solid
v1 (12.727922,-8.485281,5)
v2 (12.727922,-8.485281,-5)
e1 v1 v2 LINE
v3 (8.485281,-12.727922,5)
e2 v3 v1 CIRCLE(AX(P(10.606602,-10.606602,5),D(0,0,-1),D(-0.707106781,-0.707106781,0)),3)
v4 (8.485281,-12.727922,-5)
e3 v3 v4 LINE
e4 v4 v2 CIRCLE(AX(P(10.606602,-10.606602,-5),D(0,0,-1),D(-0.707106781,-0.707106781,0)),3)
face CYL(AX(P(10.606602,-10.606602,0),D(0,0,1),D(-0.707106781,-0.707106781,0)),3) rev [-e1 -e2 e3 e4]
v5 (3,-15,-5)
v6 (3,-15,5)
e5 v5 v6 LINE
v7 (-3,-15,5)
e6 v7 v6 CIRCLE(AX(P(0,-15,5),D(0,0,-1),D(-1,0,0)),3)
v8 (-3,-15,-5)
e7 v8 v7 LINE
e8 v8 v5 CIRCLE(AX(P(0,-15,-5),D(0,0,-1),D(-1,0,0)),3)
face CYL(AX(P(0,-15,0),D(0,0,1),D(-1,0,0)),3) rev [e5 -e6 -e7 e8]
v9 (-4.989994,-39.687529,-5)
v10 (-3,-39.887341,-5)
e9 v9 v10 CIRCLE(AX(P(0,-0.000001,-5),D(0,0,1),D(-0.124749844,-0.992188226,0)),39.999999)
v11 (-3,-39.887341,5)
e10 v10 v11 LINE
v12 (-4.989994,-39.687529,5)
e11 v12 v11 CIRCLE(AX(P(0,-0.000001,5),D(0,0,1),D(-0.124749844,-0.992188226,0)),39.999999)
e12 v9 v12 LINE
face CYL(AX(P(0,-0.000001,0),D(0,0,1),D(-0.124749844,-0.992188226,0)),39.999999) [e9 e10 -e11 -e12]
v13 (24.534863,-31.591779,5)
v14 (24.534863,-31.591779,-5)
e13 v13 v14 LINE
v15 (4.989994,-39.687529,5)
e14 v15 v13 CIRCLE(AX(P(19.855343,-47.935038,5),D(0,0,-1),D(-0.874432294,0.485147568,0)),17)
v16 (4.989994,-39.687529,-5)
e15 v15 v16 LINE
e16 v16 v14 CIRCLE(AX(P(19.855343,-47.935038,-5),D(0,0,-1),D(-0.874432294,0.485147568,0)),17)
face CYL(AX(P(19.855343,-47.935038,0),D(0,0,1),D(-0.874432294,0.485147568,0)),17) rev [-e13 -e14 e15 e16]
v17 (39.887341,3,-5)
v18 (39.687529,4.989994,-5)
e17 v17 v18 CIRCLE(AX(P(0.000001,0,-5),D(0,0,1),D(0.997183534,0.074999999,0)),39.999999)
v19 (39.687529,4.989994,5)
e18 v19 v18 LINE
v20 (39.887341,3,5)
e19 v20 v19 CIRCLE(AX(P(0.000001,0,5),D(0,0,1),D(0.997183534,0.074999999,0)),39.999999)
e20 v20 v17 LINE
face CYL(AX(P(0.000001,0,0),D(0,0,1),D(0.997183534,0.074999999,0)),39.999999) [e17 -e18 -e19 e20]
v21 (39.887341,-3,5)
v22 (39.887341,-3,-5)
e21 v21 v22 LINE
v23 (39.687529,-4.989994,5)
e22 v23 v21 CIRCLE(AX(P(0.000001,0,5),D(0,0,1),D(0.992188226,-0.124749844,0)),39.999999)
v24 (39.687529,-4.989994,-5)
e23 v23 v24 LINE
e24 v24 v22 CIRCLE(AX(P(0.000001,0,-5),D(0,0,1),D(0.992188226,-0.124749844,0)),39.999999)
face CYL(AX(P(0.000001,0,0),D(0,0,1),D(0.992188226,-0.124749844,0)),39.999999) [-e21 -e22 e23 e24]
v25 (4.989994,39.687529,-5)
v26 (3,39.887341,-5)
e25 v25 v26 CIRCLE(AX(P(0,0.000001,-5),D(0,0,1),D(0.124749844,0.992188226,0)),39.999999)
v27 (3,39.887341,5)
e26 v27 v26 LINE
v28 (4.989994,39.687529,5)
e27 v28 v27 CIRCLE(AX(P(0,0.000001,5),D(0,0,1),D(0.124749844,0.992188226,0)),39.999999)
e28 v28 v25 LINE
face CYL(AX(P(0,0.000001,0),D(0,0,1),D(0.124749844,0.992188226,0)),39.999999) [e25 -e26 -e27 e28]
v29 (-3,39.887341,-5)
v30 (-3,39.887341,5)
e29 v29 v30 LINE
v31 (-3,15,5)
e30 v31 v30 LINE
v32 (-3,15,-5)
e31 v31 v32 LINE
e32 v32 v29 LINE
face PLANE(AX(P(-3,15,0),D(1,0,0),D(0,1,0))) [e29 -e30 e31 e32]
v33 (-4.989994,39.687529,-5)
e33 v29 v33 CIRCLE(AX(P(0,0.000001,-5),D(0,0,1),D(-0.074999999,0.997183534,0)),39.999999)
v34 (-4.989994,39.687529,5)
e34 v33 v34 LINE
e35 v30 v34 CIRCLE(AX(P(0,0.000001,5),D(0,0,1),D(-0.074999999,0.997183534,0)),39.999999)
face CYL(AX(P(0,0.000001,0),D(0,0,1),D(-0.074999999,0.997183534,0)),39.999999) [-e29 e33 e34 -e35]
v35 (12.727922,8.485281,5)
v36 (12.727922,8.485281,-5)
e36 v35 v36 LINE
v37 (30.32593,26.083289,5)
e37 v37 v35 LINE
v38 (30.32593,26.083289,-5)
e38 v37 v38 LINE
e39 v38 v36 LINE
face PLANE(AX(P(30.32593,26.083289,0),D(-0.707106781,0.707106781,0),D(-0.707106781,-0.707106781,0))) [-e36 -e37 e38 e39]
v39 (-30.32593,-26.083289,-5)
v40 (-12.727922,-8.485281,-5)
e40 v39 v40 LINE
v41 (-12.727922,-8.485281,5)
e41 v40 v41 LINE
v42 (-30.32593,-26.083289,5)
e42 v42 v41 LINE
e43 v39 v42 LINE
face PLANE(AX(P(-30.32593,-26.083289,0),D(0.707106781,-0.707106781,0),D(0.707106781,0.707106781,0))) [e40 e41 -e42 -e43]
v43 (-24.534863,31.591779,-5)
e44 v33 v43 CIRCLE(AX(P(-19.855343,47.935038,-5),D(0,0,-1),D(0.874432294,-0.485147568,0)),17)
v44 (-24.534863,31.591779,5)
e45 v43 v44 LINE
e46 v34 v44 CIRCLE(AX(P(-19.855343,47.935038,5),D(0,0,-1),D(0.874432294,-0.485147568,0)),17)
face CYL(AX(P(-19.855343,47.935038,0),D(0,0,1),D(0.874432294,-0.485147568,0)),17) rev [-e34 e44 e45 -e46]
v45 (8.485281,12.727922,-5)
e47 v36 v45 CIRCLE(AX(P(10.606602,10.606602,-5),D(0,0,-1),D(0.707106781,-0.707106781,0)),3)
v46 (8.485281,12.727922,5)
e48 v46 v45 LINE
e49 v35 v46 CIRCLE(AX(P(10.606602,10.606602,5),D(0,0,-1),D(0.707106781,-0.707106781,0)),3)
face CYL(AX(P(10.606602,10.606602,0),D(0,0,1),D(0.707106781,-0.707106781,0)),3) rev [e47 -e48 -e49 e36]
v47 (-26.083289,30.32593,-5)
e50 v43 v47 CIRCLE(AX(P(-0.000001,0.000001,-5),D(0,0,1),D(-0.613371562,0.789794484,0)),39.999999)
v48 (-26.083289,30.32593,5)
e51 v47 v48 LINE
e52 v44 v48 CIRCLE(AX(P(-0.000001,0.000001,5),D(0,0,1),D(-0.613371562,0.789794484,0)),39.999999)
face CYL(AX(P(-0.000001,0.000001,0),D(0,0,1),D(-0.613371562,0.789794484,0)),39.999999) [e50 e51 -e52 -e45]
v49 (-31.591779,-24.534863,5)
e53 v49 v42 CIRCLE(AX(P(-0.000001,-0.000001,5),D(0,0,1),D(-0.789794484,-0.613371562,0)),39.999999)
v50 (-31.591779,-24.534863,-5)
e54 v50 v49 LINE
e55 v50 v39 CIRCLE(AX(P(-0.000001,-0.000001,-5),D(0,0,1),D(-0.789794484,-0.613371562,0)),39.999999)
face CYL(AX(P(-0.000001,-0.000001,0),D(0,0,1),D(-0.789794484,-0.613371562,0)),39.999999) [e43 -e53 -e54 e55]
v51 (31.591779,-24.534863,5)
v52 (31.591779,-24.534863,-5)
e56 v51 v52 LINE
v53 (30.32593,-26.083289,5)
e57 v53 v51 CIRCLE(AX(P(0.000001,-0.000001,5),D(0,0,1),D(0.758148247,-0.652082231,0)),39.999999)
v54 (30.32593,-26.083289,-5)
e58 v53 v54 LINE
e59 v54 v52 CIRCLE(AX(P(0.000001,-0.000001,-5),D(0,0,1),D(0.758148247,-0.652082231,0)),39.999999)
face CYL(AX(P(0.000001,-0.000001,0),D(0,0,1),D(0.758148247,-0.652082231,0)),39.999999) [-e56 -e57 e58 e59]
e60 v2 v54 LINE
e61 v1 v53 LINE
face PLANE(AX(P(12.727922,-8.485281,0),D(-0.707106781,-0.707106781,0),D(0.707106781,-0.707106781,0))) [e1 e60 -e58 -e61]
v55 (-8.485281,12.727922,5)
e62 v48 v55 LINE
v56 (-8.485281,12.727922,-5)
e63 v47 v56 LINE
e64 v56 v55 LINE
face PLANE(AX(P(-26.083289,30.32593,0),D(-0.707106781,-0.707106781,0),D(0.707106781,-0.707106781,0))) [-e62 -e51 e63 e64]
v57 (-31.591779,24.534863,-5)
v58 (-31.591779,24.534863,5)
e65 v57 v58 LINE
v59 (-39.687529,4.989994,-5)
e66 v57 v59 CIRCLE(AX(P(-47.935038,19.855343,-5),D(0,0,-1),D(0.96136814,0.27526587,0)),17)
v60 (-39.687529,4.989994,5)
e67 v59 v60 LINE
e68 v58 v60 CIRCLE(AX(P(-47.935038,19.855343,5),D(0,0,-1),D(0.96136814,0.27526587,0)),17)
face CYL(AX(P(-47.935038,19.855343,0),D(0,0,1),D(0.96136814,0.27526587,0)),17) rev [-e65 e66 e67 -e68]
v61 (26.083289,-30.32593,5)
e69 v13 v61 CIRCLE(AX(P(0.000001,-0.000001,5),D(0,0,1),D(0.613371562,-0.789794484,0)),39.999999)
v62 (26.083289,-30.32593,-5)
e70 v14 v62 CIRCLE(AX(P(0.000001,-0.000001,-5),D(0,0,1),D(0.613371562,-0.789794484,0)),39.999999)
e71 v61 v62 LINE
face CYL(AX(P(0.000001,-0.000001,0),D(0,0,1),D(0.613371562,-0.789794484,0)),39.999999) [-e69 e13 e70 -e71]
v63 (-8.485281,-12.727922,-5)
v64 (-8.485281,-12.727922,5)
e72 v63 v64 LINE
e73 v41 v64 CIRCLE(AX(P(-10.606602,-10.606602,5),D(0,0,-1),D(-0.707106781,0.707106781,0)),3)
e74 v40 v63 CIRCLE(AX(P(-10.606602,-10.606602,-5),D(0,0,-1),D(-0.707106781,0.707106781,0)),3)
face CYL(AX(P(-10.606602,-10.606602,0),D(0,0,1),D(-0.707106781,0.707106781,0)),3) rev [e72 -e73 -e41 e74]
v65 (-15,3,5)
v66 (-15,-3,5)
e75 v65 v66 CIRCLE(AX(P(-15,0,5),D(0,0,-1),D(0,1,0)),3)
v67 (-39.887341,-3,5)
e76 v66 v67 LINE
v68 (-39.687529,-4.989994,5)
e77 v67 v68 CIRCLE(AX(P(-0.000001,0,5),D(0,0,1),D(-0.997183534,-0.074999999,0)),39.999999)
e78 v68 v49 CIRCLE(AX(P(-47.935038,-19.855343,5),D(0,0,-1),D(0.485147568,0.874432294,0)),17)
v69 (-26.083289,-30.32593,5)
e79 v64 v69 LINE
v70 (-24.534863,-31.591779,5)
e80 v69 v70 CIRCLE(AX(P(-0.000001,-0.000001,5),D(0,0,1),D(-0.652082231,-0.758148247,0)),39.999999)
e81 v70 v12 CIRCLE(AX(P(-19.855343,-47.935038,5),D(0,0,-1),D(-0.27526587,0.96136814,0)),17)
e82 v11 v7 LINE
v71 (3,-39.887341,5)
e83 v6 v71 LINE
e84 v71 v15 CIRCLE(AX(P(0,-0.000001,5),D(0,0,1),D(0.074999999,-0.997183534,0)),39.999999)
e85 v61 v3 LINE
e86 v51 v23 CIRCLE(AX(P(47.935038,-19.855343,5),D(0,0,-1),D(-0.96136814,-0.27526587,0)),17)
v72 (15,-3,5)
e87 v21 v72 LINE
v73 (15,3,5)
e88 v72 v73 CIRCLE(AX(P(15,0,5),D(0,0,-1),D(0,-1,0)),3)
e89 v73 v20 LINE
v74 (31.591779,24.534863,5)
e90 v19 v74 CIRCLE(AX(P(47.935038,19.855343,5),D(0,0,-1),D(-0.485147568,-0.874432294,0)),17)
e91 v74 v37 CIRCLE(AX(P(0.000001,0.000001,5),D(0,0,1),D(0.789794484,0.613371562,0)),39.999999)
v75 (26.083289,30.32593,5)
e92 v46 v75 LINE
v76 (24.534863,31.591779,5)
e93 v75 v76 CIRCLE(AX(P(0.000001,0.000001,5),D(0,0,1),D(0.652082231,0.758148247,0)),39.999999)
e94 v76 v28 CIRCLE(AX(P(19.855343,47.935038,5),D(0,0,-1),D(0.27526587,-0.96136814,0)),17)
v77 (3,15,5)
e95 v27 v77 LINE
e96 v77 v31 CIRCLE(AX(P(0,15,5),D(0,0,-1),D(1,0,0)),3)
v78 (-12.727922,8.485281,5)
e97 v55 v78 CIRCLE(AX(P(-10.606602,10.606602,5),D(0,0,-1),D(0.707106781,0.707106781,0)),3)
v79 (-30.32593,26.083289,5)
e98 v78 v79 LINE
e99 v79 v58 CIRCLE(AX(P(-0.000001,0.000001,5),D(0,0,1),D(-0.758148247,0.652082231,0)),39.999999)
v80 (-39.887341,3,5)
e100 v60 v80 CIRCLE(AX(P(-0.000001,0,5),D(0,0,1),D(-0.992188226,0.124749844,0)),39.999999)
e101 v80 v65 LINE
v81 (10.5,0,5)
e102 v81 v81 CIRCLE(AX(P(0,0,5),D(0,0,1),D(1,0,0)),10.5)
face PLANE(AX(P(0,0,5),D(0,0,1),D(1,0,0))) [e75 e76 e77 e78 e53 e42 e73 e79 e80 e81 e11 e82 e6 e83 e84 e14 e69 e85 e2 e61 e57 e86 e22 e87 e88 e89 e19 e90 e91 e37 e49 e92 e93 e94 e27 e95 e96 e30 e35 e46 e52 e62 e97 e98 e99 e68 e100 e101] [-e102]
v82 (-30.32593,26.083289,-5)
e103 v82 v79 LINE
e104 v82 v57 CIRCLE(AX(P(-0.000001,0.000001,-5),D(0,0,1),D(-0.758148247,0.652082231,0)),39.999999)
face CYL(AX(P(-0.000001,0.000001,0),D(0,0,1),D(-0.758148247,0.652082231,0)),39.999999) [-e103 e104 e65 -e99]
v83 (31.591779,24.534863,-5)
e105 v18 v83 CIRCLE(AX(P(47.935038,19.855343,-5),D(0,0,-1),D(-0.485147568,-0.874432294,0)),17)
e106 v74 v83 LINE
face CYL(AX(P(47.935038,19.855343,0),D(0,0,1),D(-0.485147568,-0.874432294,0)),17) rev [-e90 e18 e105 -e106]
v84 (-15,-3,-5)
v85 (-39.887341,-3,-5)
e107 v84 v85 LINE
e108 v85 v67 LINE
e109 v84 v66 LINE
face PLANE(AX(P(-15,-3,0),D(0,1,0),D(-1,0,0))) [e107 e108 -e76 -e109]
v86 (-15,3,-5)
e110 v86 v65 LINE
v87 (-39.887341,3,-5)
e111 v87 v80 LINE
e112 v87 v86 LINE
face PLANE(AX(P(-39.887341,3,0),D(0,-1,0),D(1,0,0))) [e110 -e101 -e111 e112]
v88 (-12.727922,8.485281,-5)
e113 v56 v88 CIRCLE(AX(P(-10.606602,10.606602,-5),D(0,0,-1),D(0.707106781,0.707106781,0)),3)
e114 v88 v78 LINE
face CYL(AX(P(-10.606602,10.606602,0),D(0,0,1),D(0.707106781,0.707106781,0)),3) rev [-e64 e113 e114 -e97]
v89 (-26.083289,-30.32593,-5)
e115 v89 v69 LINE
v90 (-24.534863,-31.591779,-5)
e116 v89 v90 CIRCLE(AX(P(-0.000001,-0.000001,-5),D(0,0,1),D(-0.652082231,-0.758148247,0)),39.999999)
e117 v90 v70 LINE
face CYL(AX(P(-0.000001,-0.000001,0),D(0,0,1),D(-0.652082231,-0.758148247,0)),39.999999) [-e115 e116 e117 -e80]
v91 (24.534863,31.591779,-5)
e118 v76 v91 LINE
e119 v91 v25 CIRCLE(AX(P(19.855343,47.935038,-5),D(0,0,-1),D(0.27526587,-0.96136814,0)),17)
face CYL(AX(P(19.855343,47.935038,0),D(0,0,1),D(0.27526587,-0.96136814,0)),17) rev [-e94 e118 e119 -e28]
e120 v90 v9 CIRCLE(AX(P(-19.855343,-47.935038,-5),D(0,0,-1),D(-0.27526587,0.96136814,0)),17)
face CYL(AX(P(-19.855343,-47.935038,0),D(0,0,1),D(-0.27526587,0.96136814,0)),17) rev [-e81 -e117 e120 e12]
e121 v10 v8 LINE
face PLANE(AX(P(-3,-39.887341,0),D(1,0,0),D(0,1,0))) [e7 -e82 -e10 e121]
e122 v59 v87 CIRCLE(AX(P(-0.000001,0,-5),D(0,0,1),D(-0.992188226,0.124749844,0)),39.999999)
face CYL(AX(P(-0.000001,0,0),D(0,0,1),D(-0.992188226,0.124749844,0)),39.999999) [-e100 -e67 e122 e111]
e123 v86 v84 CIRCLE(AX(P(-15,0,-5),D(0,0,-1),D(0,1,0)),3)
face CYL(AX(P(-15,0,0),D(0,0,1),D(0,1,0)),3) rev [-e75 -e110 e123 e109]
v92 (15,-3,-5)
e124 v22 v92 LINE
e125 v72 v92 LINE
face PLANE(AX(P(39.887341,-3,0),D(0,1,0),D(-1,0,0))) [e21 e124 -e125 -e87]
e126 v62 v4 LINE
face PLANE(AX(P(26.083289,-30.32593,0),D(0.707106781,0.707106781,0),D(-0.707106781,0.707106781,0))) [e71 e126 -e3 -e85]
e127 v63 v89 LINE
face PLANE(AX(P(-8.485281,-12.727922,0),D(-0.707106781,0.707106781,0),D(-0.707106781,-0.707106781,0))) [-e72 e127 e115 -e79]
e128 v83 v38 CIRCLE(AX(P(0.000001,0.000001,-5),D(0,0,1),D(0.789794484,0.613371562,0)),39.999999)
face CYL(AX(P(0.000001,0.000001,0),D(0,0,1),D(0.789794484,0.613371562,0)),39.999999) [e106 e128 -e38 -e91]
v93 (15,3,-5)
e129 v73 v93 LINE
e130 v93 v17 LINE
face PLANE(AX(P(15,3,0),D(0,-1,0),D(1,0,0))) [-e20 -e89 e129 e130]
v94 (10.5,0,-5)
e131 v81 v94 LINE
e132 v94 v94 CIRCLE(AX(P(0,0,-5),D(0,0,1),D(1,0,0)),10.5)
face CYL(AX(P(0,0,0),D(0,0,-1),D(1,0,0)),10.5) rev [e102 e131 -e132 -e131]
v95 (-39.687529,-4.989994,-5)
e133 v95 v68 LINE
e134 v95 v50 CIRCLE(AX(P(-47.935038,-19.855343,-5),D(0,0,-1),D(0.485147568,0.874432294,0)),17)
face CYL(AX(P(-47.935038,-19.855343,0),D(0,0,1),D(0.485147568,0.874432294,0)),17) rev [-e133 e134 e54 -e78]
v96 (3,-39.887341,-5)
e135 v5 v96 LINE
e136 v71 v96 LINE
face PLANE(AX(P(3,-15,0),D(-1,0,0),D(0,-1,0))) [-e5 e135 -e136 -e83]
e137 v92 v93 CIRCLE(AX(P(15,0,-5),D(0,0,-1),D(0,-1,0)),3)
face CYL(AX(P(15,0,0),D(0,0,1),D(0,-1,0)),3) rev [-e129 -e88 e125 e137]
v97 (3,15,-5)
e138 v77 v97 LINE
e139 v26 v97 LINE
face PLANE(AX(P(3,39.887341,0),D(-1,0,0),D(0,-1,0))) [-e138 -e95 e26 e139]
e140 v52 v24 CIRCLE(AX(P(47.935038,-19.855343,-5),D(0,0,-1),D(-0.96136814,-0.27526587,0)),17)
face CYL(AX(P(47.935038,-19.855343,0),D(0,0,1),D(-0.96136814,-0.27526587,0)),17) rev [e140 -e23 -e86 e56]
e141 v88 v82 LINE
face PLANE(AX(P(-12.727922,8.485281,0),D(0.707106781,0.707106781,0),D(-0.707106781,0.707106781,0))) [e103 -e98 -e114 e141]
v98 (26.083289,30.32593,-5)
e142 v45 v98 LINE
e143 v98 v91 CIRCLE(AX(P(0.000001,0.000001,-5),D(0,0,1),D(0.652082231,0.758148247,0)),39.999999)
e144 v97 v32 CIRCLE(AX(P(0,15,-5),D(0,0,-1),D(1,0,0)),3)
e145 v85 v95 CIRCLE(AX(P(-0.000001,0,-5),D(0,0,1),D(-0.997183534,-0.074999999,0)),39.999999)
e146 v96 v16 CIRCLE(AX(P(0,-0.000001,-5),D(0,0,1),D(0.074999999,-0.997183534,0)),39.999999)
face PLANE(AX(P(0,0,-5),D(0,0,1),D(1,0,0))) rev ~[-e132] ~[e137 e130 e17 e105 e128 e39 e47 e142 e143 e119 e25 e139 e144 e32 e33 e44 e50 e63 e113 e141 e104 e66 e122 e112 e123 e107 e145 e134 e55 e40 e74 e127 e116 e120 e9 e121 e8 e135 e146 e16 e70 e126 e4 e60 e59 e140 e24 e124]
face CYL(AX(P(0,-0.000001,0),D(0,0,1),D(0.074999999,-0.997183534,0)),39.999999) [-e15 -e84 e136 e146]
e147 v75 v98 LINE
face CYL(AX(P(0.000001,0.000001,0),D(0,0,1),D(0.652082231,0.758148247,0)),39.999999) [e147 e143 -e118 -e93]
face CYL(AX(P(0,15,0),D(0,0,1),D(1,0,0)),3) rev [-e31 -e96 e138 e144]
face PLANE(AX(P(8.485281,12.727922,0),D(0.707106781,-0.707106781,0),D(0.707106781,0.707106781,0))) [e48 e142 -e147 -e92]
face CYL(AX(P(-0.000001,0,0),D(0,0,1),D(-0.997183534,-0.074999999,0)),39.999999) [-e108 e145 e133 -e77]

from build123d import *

# Parameters (mm, degrees)
SKETCH1_R           = 10.5
BOSS_EXTRUDE1_DEPTH = 5


with BuildPart() as part:
    # Sketch1 → Boss-Extrude1 (new, symmetric)
    with BuildSketch(Plane.XY):
        with BuildLine():
            Line((-3, 15), (-3, 39.88734135))
            ThreePointArc((-3, 39.88734135), (-3.996245887, 39.799874608), (-4.98999373, 39.687529056))
            ThreePointArc((-4.98999373, 39.687529056), (-13.349724383, 32.229085659), (-24.534862519, 31.591779329))
            ThreePointArc((-24.534862519, 31.591779329), (-25.31698866, 30.968533792), (-26.083289209, 30.325929896))
            Line((-26.083289209, 30.325929896), (-8.485281374, 12.727922061))
            ThreePointArc((-8.485281374, 12.727922061), (-8.485281374, 8.485281374), (-12.727922061, 8.485281374))
            Line((-12.727922061, 8.485281374), (-30.325929896, 26.083289209))
            ThreePointArc((-30.325929896, 26.083289209), (-30.968533792, 25.31698866), (-31.591779329, 24.534862519))
            ThreePointArc((-31.591779329, 24.534862519), (-32.229085659, 13.349724383), (-39.687529056, 4.98999373))
            ThreePointArc((-39.687529056, 4.98999373), (-39.799874608, 3.996245887), (-39.88734135, 3))
            Line((-39.88734135, 3), (-15, 3))
            ThreePointArc((-15, 3), (-12, 0), (-15, -3))
            Line((-15, -3), (-39.88734135, -3))
            ThreePointArc((-39.88734135, -3), (-39.799874608, -3.996245887), (-39.687529056, -4.98999373))
            ThreePointArc((-39.687529056, -4.98999373), (-32.229085659, -13.349724383), (-31.591779329, -24.534862519))
            ThreePointArc((-31.591779329, -24.534862519), (-30.968533792, -25.31698866), (-30.325929896, -26.083289209))
            Line((-30.325929896, -26.083289209), (-12.727922061, -8.485281374))
            ThreePointArc((-12.727922061, -8.485281374), (-8.485281374, -8.485281374), (-8.485281374, -12.727922061))
            Line((-8.485281374, -12.727922061), (-26.083289209, -30.325929896))
            ThreePointArc((-26.083289209, -30.325929896), (-25.31698866, -30.968533792), (-24.534862519, -31.591779329))
            ThreePointArc((-24.534862519, -31.591779329), (-13.349724383, -32.229085659), (-4.98999373, -39.687529056))
            ThreePointArc((-4.98999373, -39.687529056), (-3.996245887, -39.799874608), (-3, -39.88734135))
            Line((-3, -39.88734135), (-3, -15))
            ThreePointArc((-3, -15), (0, -12), (3, -15))
            Line((3, -15), (3, -39.88734135))
            ThreePointArc((3, -39.88734135), (3.996245887, -39.799874608), (4.98999373, -39.687529056))
            ThreePointArc((4.98999373, -39.687529056), (13.349724383, -32.229085659), (24.534862519, -31.591779329))
            ThreePointArc((24.534862519, -31.591779329), (25.31698866, -30.968533792), (26.083289209, -30.325929896))
            Line((26.083289209, -30.325929896), (8.485281374, -12.727922061))
            ThreePointArc((8.485281374, -12.727922061), (8.485281374, -8.485281374), (12.727922061, -8.485281374))
            Line((12.727922061, -8.485281374), (30.325929896, -26.083289209))
            ThreePointArc((30.325929896, -26.083289209), (30.968533792, -25.31698866), (31.591779329, -24.534862519))
            ThreePointArc((31.591779329, -24.534862519), (32.229085659, -13.349724383), (39.687529056, -4.98999373))
            ThreePointArc((39.687529056, -4.98999373), (39.799874608, -3.996245887), (39.88734135, -3))
            Line((39.88734135, -3), (15, -3))
            ThreePointArc((15, -3), (12, 0), (15, 3))
            Line((15, 3), (39.88734135, 3))
            ThreePointArc((39.88734135, 3), (39.799874608, 3.996245887), (39.687529056, 4.98999373))
            ThreePointArc((39.687529056, 4.98999373), (32.229085659, 13.349724383), (31.591779329, 24.534862519))
            ThreePointArc((31.591779329, 24.534862519), (30.968533792, 25.31698866), (30.325929896, 26.083289209))
            Line((30.325929896, 26.083289209), (12.727922061, 8.485281374))
            ThreePointArc((12.727922061, 8.485281374), (8.485281374, 8.485281374), (8.485281374, 12.727922061))
            Line((8.485281374, 12.727922061), (26.083289209, 30.325929896))
            ThreePointArc((26.083289209, 30.325929896), (25.31698866, 30.968533792), (24.534862519, 31.591779329))
            ThreePointArc((24.534862519, 31.591779329), (13.349724383, 32.229085659), (4.98999373, 39.687529056))
            ThreePointArc((4.98999373, 39.687529056), (3.996245887, 39.799874608), (3, 39.88734135))
            Line((3, 39.88734135), (3, 15))
            ThreePointArc((3, 15), (0, 12), (-3, 15))
        make_face()
        Circle(SKETCH1_R, mode=Mode.SUBTRACT)
    extrude(amount=BOSS_EXTRUDE1_DEPTH, both=True)


solid = part.part
